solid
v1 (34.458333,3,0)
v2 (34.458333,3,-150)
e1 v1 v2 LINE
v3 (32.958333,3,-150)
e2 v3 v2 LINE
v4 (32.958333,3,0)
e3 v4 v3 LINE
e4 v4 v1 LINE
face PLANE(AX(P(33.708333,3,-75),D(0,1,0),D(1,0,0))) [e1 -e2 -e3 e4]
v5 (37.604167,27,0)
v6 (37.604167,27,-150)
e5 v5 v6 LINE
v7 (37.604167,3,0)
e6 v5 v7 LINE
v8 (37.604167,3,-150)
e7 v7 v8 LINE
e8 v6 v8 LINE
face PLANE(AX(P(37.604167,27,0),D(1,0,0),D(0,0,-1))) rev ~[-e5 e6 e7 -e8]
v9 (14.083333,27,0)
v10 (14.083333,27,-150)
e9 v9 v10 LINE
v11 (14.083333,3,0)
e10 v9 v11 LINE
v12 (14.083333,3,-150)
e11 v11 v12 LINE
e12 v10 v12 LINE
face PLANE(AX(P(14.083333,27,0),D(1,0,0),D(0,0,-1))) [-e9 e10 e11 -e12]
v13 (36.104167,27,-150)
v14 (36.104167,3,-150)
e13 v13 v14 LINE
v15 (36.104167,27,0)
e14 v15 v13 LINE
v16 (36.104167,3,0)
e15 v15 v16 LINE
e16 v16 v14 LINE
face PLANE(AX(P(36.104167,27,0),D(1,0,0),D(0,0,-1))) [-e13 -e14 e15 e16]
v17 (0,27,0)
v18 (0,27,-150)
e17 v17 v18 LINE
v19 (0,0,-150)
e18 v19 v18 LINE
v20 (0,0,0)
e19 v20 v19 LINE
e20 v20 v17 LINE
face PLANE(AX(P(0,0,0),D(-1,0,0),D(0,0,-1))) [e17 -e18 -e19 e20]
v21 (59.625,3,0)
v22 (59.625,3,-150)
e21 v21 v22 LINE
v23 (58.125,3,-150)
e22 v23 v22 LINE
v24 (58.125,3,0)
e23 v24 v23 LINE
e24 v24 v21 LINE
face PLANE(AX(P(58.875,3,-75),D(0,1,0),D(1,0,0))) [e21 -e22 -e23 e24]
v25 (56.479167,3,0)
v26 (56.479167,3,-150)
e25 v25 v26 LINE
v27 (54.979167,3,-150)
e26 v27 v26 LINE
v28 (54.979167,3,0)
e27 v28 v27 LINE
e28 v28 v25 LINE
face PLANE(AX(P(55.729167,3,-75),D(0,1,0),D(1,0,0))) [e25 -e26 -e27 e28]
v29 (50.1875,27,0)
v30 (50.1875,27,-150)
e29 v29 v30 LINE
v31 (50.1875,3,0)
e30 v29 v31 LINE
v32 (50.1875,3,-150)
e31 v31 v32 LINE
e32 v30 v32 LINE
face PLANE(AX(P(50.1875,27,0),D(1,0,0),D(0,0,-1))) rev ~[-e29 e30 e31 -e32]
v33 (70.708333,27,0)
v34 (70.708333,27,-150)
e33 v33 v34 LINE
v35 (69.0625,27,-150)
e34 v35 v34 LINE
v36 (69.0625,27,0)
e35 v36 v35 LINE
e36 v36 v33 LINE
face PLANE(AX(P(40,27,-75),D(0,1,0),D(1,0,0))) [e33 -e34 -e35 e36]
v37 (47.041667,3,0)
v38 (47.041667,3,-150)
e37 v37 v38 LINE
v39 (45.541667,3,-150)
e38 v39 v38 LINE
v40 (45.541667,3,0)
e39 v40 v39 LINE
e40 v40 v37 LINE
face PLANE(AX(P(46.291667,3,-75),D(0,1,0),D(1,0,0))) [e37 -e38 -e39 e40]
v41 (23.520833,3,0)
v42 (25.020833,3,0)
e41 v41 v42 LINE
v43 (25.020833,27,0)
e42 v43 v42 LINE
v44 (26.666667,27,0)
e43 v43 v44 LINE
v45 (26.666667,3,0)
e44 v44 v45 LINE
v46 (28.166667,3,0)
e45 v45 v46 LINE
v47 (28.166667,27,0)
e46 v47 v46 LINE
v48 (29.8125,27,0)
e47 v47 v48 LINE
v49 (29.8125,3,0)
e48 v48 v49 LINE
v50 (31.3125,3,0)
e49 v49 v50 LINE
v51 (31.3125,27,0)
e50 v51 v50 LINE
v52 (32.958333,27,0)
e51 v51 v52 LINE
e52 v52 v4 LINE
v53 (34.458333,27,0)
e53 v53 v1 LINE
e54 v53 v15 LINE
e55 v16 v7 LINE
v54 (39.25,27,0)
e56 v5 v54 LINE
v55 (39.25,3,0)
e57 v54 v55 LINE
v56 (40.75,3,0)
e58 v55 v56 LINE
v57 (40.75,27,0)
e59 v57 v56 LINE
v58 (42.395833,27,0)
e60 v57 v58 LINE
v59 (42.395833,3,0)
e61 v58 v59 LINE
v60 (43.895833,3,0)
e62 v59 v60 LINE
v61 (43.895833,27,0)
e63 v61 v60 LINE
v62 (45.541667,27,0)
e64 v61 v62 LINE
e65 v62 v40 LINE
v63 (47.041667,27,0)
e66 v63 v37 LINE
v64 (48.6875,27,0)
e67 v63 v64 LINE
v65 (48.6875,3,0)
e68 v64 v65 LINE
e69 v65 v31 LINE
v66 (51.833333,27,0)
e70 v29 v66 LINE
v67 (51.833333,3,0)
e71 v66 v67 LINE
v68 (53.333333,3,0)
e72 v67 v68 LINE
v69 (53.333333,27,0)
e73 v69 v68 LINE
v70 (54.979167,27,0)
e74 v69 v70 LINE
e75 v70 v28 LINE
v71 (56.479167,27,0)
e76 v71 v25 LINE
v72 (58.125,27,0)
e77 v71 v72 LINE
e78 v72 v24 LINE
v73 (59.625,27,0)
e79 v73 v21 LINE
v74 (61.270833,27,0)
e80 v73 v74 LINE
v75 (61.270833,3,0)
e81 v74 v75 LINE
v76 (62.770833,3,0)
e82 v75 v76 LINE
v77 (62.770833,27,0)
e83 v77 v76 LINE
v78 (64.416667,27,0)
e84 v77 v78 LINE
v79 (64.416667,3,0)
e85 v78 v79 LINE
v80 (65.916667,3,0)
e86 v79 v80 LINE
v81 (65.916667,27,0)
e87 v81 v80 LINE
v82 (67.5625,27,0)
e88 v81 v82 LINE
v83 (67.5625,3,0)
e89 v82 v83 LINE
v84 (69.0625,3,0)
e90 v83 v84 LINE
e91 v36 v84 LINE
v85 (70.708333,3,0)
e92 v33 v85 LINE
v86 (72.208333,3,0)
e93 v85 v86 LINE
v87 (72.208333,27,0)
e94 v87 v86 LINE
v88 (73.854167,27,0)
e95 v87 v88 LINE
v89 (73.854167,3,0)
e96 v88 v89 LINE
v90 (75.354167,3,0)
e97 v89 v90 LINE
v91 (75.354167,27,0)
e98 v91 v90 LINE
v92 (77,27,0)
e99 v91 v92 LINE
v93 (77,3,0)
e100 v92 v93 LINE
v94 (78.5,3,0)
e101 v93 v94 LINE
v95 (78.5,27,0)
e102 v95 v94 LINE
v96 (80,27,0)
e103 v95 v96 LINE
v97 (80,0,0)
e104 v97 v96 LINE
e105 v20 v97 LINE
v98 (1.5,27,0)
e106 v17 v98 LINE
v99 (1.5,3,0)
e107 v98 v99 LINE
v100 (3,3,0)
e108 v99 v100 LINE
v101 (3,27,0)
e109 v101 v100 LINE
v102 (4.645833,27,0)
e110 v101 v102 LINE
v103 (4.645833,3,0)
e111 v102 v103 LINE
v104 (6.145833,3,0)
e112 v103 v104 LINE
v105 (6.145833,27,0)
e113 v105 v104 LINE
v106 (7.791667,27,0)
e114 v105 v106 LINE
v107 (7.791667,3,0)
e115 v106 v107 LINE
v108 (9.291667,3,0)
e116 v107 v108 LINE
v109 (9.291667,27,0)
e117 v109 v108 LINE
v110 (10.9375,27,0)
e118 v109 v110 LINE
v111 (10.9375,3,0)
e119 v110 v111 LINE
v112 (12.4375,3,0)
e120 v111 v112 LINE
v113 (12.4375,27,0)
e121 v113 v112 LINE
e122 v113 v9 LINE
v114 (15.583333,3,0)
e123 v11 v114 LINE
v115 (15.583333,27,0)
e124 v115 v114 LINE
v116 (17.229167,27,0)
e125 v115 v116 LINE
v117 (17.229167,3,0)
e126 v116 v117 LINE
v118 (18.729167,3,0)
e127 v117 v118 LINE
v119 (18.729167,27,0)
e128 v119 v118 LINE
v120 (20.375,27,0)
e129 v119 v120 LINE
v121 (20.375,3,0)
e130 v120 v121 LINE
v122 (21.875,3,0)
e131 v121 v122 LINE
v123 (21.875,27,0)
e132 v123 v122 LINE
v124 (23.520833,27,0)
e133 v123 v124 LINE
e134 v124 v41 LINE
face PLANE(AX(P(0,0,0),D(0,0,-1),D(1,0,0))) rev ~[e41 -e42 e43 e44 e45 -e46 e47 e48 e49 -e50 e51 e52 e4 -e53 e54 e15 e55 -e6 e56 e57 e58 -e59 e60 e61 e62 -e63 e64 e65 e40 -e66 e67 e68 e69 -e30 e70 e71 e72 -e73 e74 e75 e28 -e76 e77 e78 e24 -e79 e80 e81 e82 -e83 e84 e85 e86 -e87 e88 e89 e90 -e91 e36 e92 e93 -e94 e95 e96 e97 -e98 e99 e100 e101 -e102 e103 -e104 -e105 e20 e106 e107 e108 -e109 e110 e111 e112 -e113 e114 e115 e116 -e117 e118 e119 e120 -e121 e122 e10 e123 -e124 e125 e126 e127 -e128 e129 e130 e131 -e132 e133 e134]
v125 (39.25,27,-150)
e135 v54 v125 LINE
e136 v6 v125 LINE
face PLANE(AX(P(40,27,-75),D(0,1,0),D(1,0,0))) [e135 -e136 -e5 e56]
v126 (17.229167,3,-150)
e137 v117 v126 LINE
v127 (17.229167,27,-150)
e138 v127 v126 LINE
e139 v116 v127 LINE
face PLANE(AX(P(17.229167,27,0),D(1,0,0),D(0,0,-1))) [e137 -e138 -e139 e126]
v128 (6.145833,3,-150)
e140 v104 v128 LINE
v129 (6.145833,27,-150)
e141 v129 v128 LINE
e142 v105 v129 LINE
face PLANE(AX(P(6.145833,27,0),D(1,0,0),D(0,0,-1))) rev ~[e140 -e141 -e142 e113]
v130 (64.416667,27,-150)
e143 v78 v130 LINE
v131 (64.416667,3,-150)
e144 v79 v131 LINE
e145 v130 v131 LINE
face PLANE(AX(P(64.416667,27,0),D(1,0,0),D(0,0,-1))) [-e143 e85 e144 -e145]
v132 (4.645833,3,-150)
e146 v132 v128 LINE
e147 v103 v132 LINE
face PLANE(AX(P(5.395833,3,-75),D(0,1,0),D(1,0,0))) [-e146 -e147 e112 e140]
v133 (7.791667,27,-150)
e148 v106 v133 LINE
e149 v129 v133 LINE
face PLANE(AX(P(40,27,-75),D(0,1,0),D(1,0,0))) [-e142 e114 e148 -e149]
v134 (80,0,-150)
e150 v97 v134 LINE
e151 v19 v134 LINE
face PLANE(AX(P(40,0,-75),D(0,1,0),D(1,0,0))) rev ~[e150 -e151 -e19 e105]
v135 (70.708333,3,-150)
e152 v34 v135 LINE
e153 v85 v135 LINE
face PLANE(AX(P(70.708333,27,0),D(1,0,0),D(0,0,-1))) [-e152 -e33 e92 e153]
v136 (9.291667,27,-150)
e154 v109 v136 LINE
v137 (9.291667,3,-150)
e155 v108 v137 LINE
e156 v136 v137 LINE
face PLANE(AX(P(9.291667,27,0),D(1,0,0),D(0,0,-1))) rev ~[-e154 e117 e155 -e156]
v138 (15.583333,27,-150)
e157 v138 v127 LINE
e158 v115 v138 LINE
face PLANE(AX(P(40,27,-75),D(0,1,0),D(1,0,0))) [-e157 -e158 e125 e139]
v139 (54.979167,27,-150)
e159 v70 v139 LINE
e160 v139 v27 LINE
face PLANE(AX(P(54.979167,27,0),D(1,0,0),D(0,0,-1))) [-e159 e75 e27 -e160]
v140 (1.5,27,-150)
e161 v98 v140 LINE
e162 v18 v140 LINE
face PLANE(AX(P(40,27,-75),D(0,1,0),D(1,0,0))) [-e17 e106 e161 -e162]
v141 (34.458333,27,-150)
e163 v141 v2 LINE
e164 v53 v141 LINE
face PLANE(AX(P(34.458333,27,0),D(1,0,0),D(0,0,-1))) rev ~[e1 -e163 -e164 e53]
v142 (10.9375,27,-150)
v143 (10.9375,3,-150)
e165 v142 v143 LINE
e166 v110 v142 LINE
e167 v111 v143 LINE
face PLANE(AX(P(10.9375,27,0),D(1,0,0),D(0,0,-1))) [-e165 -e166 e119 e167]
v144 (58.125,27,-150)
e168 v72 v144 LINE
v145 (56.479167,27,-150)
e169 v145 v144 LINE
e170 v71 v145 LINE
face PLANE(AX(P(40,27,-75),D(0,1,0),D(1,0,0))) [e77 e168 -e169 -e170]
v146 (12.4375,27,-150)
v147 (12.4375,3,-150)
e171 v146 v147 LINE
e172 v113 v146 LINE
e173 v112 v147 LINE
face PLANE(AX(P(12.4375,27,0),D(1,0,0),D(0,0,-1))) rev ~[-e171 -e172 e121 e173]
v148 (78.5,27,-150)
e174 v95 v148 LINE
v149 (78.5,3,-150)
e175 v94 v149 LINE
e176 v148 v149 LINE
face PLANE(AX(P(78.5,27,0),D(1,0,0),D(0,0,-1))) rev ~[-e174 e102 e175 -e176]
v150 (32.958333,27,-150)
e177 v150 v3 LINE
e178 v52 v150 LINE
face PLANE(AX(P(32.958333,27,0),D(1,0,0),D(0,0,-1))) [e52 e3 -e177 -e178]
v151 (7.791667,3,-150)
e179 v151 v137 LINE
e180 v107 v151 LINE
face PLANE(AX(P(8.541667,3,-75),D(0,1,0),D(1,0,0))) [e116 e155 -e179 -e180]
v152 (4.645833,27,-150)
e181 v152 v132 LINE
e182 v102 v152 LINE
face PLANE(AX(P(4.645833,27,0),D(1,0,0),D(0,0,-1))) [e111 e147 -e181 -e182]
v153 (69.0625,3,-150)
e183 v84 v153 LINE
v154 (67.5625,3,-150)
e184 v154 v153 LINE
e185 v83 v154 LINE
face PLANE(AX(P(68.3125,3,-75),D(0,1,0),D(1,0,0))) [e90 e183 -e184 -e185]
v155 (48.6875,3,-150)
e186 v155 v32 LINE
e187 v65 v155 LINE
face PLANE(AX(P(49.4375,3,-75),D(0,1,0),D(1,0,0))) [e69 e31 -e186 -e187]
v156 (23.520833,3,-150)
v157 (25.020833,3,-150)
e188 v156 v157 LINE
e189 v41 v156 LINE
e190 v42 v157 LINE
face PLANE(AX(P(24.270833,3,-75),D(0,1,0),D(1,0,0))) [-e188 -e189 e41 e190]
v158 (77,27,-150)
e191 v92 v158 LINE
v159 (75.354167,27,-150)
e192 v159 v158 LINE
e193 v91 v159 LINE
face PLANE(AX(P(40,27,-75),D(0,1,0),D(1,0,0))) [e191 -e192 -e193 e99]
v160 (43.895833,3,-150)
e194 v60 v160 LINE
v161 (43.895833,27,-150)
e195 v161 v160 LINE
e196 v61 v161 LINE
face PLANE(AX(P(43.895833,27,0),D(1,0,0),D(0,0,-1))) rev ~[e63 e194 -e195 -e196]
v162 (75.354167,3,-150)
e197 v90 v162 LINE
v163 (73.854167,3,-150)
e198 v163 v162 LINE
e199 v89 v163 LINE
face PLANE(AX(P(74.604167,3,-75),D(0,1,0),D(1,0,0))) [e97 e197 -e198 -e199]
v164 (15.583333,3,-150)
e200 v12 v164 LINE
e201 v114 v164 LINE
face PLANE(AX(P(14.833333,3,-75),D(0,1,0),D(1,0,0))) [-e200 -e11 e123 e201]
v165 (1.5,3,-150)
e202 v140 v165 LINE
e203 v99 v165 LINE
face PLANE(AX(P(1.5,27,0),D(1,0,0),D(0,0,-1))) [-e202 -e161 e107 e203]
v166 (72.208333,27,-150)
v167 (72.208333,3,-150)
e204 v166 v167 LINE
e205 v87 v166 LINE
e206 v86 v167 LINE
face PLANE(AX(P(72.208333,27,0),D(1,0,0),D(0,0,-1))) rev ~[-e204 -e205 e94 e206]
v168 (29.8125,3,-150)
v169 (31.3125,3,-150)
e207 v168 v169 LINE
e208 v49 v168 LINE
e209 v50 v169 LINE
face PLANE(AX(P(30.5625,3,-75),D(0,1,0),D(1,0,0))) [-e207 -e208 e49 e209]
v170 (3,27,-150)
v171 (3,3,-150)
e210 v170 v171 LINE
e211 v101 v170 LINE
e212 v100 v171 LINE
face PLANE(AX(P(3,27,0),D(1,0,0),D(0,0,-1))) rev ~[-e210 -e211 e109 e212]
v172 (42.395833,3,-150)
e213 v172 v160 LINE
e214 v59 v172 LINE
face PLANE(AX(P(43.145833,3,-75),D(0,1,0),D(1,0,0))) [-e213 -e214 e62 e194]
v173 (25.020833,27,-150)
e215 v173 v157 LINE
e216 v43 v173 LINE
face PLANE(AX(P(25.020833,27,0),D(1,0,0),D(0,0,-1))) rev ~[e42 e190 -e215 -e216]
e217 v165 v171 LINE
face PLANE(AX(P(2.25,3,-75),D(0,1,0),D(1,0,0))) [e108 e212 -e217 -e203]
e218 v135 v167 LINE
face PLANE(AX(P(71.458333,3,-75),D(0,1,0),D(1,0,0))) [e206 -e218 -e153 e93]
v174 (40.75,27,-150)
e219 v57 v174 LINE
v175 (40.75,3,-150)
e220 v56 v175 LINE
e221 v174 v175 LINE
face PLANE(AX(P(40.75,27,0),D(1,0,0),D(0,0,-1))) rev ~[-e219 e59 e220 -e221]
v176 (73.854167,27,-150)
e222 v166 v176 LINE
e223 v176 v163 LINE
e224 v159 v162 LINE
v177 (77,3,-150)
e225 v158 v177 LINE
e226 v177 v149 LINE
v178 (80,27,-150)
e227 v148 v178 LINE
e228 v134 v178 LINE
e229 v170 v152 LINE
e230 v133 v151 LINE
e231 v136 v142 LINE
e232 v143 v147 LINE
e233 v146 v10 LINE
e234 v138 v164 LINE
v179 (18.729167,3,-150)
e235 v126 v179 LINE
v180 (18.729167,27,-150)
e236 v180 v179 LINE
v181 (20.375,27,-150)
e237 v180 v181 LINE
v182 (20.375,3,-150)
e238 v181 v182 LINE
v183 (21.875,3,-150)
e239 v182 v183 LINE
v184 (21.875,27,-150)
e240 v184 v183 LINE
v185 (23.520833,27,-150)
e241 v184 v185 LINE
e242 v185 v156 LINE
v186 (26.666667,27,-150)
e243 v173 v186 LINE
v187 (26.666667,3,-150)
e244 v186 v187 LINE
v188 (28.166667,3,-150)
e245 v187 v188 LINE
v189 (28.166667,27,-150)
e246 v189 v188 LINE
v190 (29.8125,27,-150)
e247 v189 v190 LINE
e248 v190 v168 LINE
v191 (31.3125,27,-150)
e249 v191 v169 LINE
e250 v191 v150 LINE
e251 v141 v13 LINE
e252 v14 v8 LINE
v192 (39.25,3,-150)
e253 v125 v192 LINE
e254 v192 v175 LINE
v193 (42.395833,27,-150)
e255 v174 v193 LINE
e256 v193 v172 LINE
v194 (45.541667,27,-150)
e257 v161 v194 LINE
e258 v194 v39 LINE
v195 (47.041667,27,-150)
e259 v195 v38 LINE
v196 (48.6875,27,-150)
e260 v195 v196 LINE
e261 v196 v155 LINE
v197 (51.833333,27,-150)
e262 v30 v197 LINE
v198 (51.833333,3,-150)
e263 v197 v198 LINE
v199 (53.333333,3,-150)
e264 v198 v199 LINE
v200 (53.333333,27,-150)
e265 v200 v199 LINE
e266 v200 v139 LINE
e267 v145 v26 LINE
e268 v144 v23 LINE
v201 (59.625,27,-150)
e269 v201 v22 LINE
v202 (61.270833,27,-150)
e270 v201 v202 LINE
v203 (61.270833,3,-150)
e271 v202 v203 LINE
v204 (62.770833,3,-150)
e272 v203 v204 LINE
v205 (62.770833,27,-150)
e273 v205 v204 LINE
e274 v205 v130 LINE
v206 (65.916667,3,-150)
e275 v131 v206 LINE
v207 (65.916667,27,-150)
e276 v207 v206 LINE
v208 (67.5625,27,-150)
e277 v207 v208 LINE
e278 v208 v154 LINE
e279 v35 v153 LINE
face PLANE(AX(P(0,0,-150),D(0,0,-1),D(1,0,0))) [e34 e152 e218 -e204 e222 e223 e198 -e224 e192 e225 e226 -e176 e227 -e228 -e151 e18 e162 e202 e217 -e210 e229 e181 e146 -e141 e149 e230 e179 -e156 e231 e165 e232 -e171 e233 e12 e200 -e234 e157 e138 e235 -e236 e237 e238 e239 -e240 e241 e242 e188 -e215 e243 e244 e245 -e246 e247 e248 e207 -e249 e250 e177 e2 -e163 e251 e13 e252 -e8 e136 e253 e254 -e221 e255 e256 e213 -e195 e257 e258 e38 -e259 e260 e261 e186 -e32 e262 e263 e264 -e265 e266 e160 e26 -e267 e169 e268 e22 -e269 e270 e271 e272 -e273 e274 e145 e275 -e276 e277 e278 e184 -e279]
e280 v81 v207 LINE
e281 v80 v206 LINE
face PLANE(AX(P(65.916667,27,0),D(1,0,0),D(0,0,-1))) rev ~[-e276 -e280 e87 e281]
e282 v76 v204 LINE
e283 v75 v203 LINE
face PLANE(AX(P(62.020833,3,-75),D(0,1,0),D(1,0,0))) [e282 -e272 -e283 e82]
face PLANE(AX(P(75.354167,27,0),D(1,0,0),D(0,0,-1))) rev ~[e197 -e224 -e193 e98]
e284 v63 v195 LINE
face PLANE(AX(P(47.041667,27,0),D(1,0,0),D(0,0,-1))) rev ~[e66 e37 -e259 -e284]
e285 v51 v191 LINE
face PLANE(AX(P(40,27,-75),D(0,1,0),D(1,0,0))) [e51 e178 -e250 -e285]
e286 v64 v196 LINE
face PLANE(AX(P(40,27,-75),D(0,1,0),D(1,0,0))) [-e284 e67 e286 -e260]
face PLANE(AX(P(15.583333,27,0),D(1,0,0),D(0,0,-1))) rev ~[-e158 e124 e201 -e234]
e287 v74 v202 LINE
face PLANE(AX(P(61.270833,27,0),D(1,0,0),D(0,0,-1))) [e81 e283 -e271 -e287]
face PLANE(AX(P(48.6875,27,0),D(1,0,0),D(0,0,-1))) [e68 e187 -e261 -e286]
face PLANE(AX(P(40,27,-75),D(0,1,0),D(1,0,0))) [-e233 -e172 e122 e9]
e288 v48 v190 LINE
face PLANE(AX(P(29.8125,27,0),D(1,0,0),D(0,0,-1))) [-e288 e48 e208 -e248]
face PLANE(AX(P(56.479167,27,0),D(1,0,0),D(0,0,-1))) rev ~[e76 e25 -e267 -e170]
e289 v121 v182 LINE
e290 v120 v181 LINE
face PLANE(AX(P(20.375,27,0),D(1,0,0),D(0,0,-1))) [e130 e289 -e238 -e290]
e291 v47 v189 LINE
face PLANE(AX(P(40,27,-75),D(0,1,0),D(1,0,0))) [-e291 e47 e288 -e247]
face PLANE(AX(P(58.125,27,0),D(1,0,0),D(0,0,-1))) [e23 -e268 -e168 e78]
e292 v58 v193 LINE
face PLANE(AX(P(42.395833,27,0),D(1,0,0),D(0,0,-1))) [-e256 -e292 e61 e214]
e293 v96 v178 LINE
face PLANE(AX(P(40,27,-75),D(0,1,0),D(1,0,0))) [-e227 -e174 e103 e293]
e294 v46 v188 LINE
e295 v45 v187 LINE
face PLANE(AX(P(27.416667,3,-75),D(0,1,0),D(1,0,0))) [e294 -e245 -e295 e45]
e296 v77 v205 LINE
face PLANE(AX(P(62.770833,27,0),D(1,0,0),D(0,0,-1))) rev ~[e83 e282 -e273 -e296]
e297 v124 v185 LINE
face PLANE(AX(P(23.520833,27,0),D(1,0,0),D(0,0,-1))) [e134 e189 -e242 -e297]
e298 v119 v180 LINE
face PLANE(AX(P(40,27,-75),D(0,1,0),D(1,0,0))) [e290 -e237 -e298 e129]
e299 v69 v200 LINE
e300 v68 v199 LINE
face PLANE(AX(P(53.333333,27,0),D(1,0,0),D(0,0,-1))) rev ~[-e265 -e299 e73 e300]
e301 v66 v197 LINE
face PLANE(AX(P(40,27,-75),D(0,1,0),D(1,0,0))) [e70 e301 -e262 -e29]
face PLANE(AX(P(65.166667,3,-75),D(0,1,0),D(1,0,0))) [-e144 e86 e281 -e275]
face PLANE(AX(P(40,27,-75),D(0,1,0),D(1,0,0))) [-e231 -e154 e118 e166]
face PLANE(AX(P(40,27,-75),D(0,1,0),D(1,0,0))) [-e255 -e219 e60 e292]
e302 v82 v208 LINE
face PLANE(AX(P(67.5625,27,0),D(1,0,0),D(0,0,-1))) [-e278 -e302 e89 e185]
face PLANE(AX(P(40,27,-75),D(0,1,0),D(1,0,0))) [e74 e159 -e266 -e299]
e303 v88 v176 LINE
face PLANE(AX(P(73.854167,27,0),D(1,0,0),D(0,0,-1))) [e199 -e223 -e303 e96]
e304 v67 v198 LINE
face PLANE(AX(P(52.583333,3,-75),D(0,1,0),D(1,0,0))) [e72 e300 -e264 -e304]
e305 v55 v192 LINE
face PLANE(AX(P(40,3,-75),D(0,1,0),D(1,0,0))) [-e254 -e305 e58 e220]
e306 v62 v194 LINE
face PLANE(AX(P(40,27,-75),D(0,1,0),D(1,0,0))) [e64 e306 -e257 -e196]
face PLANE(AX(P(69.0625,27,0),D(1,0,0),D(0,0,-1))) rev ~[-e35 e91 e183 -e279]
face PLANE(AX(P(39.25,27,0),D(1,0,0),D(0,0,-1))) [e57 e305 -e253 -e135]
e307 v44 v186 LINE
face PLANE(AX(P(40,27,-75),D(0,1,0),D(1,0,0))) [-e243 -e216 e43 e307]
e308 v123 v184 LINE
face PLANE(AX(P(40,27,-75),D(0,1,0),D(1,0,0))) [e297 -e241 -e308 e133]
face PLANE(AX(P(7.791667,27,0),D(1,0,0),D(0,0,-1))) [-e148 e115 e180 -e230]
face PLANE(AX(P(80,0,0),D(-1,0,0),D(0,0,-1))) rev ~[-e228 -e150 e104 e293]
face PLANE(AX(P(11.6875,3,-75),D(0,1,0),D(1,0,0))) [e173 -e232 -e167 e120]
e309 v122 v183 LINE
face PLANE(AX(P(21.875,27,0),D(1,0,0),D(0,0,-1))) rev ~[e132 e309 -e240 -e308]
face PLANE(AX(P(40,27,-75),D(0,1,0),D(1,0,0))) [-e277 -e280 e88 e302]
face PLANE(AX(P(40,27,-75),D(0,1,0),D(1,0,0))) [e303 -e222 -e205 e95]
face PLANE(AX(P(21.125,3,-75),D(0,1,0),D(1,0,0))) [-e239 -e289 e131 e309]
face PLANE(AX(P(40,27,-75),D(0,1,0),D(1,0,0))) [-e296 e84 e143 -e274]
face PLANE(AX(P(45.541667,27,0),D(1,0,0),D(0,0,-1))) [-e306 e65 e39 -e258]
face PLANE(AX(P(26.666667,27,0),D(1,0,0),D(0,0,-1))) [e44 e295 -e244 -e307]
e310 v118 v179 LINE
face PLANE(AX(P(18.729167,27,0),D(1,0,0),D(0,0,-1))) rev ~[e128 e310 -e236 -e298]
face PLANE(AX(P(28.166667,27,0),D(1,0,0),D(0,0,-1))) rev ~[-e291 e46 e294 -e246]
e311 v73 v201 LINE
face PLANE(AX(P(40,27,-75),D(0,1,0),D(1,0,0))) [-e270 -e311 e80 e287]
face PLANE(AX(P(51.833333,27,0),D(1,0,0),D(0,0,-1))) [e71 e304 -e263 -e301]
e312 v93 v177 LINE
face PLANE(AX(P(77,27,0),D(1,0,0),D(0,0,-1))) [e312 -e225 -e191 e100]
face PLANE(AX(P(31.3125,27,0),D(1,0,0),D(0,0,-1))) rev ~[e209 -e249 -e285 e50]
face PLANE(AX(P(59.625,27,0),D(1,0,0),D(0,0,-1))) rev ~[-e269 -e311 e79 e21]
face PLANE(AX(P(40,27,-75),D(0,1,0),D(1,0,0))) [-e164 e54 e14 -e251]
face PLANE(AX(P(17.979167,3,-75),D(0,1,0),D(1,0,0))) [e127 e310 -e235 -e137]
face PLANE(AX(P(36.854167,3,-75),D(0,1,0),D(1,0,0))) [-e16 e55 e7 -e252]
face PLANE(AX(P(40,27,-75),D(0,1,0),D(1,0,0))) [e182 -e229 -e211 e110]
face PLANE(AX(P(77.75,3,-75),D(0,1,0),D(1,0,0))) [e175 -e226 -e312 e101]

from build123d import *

# Parameters (mm, degrees)
SKETCH1_W           = 80
SKETCH1_H           = 150
BOSS_EXTRUDE1_DEPTH = 27
SKETCH2_W           = 1.5
SKETCH2_H           = 150
CUT_EXTRUDE1_DEPTH  = 24


with BuildPart() as part:
    # Sketch1 → Boss-Extrude1 (new body)
    with BuildSketch(Plane(origin=(0, 0, 0), x_dir=(1, 0, 0), z_dir=(0, 1, 0))):
        with Locations((40, 75)):
            Rectangle(SKETCH1_W, SKETCH1_H)
    extrude(amount=BOSS_EXTRUDE1_DEPTH)

    # Sketch2 → Cut-Extrude1 (cut)
    with BuildSketch(Plane(origin=(0, 27, 0), x_dir=(1, 0, 0), z_dir=(0, 1, 0))):
        with Locations((2.25, 75)):
            Rectangle(SKETCH2_W, SKETCH2_H)
        with Locations((5.395833333, 75)):
            Rectangle(SKETCH2_W, SKETCH2_H)
        with Locations((8.541666667, 75)):
            Rectangle(SKETCH2_W, SKETCH2_H)
        with Locations((11.6875, 75)):
            Rectangle(SKETCH2_W, SKETCH2_H)
        with Locations((14.833333333, 75)):
            Rectangle(SKETCH2_W, SKETCH2_H)
        with Locations((17.979166667, 75)):
            Rectangle(SKETCH2_W, SKETCH2_H)
        with Locations((21.125, 75)):
            Rectangle(SKETCH2_W, SKETCH2_H)
        with Locations((24.270833333, 75)):
            Rectangle(SKETCH2_W, SKETCH2_H)
        with Locations((27.416666667, 75)):
            Rectangle(SKETCH2_W, SKETCH2_H)
        with Locations((30.5625, 75)):
            Rectangle(SKETCH2_W, SKETCH2_H)
        with Locations((33.708333333, 75)):
            Rectangle(SKETCH2_W, SKETCH2_H)
        with Locations((36.854166667, 75)):
            Rectangle(SKETCH2_W, SKETCH2_H)
        with Locations((40, 75)):
            Rectangle(SKETCH2_W, SKETCH2_H)
        with Locations((43.145833333, 75)):
            Rectangle(SKETCH2_W, SKETCH2_H)
        with Locations((46.291666667, 75)):
            Rectangle(SKETCH2_W, SKETCH2_H)
        with Locations((49.4375, 75)):
            Rectangle(SKETCH2_W, SKETCH2_H)
        with Locations((52.583333333, 75)):
            Rectangle(SKETCH2_W, SKETCH2_H)
        with Locations((55.729166667, 75)):
            Rectangle(SKETCH2_W, SKETCH2_H)
        with Locations((58.875, 75)):
            Rectangle(SKETCH2_W, SKETCH2_H)
        with Locations((62.020833333, 75)):
            Rectangle(SKETCH2_W, SKETCH2_H)
        with Locations((65.166666667, 75)):
            Rectangle(SKETCH2_W, SKETCH2_H)
        with Locations((68.3125, 75)):
            Rectangle(SKETCH2_W, SKETCH2_H)
        with Locations((71.458333333, 75)):
            Rectangle(SKETCH2_W, SKETCH2_H)
        with Locations((74.604166667, 75)):
            Rectangle(SKETCH2_W, SKETCH2_H)
        with Locations((77.75, 75)):
            Rectangle(SKETCH2_W, SKETCH2_H)
    extrude(amount=-CUT_EXTRUDE1_DEPTH, mode=Mode.SUBTRACT)


solid = part.part
